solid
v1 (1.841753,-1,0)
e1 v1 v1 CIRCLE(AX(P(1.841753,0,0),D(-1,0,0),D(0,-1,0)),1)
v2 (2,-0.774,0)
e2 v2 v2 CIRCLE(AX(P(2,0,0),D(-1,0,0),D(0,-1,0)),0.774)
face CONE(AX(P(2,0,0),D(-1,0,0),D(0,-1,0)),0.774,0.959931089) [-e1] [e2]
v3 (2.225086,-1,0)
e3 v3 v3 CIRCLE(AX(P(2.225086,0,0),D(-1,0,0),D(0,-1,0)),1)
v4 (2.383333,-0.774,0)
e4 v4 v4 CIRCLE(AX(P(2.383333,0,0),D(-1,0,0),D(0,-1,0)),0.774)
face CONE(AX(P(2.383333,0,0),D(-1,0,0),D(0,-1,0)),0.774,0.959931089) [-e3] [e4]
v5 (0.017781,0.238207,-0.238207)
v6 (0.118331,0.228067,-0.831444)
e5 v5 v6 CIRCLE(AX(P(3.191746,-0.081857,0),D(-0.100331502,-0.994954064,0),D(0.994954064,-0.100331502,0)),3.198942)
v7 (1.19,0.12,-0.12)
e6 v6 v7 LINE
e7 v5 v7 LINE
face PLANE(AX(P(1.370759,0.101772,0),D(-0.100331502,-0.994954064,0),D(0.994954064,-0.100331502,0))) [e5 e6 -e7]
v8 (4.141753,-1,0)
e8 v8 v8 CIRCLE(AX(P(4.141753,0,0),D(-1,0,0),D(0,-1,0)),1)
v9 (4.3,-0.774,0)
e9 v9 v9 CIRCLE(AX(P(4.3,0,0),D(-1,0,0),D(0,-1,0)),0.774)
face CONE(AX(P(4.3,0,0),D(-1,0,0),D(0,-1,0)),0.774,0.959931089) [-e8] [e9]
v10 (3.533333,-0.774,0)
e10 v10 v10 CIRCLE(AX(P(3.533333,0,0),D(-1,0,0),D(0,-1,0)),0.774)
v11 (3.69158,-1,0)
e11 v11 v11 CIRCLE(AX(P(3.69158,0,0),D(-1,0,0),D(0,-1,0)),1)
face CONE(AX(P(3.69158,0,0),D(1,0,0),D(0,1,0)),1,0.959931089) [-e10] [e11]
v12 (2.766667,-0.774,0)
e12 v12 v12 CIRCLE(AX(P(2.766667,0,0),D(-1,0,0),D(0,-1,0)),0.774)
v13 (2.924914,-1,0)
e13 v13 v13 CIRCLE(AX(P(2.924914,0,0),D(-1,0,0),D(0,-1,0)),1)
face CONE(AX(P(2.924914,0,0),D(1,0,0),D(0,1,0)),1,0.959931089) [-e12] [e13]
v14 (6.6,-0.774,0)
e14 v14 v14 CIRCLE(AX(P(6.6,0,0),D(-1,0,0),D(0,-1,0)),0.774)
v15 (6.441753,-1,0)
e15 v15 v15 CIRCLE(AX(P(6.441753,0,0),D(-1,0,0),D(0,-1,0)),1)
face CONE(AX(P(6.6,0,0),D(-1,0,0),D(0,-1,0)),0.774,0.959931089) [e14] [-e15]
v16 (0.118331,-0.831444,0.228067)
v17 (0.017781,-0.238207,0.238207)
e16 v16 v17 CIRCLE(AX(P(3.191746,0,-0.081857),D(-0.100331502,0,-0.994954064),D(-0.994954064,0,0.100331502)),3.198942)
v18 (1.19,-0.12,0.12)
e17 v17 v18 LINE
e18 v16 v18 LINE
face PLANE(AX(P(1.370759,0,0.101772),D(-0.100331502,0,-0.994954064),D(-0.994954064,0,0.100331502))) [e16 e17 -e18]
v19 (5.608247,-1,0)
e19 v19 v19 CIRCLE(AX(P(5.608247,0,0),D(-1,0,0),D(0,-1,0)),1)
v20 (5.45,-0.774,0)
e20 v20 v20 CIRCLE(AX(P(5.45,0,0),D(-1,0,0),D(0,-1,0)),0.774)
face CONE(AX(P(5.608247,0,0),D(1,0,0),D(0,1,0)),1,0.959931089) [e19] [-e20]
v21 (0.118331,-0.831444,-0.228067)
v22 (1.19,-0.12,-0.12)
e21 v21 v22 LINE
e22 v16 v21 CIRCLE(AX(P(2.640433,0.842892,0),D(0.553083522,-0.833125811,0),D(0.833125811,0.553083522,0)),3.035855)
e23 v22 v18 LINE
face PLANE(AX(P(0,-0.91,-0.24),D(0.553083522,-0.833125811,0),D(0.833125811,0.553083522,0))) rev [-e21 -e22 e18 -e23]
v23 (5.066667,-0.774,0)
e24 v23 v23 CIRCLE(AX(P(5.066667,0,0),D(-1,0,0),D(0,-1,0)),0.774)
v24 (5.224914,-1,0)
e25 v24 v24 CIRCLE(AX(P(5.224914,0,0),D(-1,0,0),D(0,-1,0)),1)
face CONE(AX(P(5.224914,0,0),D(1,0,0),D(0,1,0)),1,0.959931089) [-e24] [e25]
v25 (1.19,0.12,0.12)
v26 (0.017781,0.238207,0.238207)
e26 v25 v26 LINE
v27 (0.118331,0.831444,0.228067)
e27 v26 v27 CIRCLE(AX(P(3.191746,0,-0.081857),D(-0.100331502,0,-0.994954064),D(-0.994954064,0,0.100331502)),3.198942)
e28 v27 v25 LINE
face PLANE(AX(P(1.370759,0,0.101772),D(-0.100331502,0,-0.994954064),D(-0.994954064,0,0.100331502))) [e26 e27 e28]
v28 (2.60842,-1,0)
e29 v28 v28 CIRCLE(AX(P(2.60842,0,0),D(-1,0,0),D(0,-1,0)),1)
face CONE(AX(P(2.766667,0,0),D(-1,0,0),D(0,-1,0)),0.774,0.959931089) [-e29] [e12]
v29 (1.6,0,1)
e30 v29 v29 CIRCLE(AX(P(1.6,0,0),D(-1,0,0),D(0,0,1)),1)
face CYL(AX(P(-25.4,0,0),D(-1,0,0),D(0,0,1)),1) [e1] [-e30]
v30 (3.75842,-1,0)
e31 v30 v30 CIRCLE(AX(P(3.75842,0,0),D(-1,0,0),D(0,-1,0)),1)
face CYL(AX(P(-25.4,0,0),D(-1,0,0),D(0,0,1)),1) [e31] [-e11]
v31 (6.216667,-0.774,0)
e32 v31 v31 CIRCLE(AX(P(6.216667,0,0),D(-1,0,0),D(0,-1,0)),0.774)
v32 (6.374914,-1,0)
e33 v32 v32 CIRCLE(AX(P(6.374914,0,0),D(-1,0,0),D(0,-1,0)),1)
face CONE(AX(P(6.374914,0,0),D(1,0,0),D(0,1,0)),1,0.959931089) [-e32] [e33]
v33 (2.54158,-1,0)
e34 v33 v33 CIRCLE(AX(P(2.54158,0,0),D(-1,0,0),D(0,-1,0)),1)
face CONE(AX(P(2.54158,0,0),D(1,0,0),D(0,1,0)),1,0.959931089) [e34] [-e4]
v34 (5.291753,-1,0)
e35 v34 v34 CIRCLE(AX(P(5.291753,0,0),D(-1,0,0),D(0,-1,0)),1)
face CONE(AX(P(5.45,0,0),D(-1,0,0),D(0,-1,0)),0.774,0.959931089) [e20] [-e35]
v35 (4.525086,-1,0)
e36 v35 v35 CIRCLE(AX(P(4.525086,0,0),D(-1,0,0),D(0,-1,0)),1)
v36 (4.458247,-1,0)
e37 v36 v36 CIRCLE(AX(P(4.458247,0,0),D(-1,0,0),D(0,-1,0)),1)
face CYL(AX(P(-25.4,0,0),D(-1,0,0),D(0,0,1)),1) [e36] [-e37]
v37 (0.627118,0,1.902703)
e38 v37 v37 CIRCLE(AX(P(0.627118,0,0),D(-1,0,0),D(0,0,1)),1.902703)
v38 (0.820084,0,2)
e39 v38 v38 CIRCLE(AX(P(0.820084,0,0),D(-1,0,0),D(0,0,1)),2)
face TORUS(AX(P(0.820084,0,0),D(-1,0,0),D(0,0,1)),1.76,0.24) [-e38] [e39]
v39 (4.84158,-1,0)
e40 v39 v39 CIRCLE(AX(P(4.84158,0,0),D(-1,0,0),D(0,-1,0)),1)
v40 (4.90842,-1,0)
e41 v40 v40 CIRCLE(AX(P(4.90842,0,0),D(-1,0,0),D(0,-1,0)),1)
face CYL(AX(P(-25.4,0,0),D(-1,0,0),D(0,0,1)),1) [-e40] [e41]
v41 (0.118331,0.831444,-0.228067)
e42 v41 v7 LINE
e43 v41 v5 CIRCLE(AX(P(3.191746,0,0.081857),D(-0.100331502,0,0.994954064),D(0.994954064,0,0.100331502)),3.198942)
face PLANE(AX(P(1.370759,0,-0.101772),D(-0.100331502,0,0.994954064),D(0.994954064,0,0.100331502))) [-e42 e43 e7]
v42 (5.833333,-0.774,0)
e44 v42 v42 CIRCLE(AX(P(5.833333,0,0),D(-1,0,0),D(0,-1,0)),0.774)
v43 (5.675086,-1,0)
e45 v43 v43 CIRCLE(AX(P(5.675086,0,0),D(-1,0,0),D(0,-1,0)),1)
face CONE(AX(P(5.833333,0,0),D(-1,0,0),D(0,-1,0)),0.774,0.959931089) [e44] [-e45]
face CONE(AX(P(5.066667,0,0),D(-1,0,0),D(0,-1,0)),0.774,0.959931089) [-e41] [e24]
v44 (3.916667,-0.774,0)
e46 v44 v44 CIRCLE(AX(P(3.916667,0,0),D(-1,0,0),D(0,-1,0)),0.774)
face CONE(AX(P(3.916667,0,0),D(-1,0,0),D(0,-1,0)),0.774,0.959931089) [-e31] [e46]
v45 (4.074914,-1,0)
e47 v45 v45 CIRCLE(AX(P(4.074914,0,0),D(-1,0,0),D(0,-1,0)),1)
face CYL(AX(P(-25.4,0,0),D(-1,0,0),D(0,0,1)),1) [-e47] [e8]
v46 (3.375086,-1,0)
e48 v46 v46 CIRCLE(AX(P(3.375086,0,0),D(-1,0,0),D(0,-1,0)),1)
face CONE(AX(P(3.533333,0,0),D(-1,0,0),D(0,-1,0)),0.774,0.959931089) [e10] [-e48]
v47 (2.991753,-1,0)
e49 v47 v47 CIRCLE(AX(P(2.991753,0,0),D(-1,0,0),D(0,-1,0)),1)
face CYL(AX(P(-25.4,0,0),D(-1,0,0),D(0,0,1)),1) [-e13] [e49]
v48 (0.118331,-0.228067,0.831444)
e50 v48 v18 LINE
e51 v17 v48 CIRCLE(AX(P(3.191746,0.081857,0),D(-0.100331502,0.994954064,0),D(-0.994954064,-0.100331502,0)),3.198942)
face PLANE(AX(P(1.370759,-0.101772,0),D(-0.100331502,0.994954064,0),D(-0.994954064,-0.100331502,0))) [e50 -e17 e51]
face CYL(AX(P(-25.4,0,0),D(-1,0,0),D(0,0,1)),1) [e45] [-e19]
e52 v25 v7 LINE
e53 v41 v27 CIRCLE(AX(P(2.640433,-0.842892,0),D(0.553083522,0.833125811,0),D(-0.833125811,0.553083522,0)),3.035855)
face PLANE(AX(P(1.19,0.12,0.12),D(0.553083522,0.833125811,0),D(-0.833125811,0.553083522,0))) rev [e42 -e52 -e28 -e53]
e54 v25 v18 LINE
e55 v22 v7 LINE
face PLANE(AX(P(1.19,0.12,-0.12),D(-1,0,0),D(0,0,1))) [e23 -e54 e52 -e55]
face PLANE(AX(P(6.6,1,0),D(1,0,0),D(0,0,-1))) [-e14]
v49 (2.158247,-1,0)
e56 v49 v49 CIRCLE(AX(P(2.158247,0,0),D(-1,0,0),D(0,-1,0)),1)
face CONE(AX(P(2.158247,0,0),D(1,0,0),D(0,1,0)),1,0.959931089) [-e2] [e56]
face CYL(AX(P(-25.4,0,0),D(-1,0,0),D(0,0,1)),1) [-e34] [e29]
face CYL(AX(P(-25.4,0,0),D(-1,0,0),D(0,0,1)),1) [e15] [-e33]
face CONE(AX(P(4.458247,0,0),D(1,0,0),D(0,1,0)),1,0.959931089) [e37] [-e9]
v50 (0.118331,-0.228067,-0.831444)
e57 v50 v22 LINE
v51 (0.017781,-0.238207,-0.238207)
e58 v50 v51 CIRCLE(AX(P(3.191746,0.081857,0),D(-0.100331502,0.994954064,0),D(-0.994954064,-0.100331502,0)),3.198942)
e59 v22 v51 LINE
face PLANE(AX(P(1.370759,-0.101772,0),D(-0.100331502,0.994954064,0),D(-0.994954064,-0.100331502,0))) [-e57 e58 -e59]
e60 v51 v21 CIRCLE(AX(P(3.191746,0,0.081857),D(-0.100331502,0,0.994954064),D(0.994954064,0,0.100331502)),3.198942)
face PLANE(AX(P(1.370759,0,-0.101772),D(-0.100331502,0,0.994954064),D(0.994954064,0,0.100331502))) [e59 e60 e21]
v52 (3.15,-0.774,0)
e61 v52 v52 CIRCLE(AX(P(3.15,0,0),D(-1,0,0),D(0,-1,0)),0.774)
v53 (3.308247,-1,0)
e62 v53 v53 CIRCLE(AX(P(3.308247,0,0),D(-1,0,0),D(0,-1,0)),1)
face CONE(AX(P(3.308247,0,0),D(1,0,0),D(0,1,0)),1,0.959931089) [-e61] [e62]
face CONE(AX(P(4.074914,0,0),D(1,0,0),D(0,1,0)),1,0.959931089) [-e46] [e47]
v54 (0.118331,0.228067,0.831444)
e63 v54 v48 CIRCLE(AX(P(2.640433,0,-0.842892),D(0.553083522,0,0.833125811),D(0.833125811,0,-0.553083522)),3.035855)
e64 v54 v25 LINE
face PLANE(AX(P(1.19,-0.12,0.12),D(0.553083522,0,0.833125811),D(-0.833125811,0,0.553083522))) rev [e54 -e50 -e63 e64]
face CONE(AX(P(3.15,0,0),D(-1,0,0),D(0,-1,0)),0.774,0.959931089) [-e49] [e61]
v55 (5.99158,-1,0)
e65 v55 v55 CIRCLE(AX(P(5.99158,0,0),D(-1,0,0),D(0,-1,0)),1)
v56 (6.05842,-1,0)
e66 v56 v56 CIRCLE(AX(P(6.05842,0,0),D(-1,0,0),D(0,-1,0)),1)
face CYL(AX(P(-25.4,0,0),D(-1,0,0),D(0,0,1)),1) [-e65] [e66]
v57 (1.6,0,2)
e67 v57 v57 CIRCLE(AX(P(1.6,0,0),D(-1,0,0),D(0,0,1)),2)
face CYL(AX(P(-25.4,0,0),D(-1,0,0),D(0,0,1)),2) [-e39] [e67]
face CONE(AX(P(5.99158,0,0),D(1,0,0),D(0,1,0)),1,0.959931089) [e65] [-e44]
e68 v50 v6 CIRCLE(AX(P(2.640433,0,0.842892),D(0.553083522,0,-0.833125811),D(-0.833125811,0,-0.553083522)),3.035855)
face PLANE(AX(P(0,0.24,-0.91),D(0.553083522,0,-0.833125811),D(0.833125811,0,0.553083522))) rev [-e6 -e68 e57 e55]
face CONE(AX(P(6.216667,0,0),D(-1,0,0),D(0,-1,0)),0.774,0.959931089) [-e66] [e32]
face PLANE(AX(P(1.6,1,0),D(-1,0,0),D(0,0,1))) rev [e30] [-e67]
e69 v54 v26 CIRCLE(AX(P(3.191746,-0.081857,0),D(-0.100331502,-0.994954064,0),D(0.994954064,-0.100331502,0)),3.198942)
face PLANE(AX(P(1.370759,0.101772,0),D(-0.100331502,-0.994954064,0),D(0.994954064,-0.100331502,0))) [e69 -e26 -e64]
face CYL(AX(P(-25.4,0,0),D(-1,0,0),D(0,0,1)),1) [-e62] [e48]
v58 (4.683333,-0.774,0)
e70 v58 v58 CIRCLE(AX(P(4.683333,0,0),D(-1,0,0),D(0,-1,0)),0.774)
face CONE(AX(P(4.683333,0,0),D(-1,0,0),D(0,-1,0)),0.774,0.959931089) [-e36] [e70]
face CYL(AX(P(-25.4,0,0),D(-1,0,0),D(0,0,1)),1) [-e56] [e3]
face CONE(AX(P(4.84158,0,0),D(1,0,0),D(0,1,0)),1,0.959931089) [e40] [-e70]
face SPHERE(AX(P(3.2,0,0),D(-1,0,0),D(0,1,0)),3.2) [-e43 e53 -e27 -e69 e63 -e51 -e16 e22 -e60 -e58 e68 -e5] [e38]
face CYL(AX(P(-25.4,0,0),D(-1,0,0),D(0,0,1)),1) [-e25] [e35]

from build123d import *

# Parameters (mm, degrees)
SKETCH3_W         = 0.48
SKETCH3_H         = 1.82
SKETCH4_W         = 0.24
SKETCH4_H         = 0.24
CIRPATTERN1_COUNT = 2
CIRPATTERN1_ANGLE = 90
THDSCHPAT_COUNT   = 13
THDSCHPAT_PITCH   = 0.383333333


with BuildPart() as part:
    # BodySke → Base-Revolve (revolve)
    with BuildSketch(Plane.XY):
        with BuildLine():
            Line((1.6, 1), (1.6, 2))
            Line((1.6, 2), (0.820084035, 2))
            ThreePointArc((0.820084035, 2), (0.712029995, 1.974299613), (0.627117876, 1.902702703))
            ThreePointArc((0.627117876, 1.902702703), (0.160820604, 1.001692868), (0, 0))
            Line((0, 0), (6.6, 0))
            Line((6.6, 0), (6.6, 1))
            Line((6.6, 1), (1.6, 1))
        make_face()
    revolve(axis=Axis((-25.4, 0, 0), (1, 0, 0)))

    # Sketch3 → Cut-Loft1 section 0
    with BuildSketch(Plane(origin=(0, 0, 0), x_dir=(0, 0, -1), z_dir=(1, 0, 0))):
        Rectangle(SKETCH3_W, SKETCH3_H)
    # Sketch4 → Cut-Loft1 section 1
    with BuildSketch(Plane(origin=(1.19, 0, 0), x_dir=(0, 0, -1), z_dir=(1, 0, 0))):
        Rectangle(SKETCH4_W, SKETCH4_H)
    cut_loft1 = loft(mode=Mode.SUBTRACT)

    # CirPattern1: Cut-Loft1 ×2 about axis
    cirpattern1_axis = Axis((0, 0, 0), (1, 0, 0))
    for i in range(1, CIRPATTERN1_COUNT):
        add(cut_loft1.rotate(cirpattern1_axis, i * CIRPATTERN1_ANGLE / (CIRPATTERN1_COUNT - 1)), mode=Mode.SUBTRACT)

    # ThdSchSke → ThreadSchematic (revolve, cut)
    with BuildSketch(Plane.XY):
        Polygon((2, -0.774), (1.841753096, -1), (1.841753096, -1.25), (2.158246904, -1.25), (2.158246904, -1), align=None)
    threadschematic = revolve(axis=Axis((-3.175, 0, 0), (1, 0, 0)), mode=Mode.SUBTRACT)

    # ThdSchPat: ThreadSchematic ×13
    with Locations(*[(i * THDSCHPAT_PITCH, 0, 0) for i in range(1, THDSCHPAT_COUNT)]):
        add(threadschematic, mode=Mode.SUBTRACT)


solid = part.part
